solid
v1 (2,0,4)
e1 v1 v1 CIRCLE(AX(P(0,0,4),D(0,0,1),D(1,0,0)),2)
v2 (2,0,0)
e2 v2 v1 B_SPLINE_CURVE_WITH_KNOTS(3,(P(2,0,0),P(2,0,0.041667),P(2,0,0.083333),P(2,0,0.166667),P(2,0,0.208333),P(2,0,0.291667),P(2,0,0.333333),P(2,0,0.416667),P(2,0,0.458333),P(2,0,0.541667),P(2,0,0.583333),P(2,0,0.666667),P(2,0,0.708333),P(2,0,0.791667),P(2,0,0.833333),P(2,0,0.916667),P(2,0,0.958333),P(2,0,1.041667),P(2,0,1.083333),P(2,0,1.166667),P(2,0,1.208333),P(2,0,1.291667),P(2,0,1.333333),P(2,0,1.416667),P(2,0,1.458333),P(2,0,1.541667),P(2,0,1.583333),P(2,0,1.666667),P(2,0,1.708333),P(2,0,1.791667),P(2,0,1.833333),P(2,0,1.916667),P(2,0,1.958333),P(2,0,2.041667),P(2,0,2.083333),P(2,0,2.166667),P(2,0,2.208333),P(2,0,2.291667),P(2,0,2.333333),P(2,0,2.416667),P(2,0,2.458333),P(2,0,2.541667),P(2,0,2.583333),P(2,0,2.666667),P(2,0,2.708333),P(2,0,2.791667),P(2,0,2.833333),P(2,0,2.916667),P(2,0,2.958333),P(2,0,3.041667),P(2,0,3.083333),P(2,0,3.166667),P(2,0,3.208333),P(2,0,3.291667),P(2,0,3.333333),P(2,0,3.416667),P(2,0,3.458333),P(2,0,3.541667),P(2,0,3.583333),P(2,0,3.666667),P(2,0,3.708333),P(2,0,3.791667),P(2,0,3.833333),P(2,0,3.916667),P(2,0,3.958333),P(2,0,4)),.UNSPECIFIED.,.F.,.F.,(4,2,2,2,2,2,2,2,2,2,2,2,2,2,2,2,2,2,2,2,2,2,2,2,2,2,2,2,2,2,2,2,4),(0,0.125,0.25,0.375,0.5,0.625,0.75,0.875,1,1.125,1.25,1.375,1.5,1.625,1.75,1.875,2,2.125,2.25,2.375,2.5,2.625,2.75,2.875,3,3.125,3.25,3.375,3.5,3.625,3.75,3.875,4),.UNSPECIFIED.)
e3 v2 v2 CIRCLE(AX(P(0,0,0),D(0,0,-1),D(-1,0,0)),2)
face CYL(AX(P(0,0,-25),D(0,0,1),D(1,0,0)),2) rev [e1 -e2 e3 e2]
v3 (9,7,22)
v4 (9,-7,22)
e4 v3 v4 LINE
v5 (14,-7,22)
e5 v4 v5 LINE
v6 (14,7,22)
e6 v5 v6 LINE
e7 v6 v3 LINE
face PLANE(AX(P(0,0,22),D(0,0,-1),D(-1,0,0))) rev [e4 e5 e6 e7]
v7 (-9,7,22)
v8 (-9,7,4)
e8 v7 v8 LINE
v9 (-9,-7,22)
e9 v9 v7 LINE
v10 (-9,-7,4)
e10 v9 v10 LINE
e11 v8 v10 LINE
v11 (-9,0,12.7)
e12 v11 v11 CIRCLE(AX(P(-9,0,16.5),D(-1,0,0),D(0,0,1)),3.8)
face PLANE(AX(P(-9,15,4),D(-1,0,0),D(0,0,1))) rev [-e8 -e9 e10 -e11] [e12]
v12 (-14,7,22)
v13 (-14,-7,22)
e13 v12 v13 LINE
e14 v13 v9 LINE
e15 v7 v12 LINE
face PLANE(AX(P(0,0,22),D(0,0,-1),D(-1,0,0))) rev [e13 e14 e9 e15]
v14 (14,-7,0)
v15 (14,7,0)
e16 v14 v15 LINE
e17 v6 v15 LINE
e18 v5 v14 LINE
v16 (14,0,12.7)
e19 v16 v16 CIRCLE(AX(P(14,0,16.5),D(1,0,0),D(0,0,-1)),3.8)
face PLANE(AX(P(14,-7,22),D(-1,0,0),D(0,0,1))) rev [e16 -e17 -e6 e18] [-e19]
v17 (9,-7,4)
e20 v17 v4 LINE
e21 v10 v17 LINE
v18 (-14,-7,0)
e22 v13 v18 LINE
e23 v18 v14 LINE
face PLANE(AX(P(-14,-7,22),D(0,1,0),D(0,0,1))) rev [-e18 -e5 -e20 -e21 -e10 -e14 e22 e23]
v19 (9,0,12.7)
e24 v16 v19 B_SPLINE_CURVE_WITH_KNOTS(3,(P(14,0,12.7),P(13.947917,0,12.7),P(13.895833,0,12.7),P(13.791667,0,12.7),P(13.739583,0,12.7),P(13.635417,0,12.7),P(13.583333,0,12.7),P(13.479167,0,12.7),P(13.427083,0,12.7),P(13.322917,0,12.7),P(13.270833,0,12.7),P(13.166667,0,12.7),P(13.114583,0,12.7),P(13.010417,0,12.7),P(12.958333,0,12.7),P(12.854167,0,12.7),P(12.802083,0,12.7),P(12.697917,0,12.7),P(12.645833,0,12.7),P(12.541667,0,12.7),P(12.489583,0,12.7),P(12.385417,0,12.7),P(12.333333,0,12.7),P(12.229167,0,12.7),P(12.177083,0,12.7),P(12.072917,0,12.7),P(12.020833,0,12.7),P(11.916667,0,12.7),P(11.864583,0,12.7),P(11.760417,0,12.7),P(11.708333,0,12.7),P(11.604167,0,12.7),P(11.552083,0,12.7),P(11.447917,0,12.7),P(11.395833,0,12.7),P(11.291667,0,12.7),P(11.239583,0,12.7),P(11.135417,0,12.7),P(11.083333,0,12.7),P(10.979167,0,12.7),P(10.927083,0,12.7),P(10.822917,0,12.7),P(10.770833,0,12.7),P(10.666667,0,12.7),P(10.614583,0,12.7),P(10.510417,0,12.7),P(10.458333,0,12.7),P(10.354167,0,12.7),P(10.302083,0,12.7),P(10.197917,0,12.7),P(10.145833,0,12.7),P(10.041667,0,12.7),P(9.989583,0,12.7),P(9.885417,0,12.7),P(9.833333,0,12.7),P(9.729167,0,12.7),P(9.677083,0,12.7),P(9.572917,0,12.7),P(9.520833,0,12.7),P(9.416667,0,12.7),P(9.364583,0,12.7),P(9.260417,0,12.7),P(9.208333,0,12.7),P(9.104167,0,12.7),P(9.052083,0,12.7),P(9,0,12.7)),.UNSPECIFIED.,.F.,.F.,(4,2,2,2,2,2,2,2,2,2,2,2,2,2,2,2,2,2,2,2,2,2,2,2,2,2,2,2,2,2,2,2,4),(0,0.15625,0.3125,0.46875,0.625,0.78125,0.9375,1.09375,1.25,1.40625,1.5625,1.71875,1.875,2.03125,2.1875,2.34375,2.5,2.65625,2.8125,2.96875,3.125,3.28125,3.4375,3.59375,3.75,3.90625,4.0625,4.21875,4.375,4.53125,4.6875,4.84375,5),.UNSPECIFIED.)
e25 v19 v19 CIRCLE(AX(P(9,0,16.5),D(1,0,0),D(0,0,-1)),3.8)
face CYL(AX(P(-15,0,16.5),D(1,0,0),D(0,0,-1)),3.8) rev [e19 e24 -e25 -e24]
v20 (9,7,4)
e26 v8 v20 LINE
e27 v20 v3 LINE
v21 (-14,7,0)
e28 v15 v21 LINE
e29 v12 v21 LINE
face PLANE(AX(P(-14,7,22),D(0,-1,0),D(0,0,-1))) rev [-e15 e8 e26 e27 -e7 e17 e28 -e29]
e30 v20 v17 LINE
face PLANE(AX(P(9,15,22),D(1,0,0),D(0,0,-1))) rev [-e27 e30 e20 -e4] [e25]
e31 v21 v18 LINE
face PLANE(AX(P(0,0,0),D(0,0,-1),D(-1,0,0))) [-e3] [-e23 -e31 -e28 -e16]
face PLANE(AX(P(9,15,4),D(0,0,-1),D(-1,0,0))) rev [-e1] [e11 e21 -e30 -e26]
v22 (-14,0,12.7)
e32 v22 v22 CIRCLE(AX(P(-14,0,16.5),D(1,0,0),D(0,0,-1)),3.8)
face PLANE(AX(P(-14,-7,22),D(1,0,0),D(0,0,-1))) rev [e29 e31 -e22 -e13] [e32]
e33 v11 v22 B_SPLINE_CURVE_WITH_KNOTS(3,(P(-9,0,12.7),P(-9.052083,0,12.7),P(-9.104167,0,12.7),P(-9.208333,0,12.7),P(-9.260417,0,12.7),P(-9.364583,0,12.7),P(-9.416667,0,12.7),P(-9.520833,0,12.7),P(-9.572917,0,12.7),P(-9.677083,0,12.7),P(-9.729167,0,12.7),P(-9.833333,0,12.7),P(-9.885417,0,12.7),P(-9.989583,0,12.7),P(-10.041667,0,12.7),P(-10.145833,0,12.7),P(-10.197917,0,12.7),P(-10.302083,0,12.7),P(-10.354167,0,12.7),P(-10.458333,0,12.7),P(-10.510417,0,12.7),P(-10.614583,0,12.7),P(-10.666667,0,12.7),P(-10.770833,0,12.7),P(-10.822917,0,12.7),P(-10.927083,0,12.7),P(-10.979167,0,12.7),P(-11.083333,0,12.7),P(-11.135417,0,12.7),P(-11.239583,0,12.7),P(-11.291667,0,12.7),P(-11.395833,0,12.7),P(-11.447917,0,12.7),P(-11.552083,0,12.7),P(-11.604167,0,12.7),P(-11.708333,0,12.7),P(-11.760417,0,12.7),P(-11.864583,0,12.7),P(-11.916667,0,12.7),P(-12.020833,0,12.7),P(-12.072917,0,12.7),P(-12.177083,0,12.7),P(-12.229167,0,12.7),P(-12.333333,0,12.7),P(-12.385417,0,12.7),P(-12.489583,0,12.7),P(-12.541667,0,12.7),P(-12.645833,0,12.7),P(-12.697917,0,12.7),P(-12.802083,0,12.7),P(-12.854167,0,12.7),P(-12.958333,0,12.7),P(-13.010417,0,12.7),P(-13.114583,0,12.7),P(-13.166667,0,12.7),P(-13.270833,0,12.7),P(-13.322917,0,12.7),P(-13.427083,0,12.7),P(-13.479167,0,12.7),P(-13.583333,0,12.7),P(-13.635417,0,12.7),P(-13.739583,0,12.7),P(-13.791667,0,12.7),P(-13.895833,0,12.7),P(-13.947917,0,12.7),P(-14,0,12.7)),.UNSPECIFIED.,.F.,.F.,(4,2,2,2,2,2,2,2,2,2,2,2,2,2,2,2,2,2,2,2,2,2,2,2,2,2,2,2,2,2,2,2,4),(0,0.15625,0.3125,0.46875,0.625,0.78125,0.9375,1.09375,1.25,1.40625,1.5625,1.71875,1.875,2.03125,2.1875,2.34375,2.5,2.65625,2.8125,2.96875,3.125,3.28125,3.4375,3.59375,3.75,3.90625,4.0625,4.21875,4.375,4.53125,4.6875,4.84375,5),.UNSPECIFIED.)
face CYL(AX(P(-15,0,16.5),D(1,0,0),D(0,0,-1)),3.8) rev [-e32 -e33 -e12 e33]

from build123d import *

# Parameters (mm, degrees)
SKETCH_1_W          = 28
SKETCH_1_H          = 14
EXTRUDE_1_DEPTH     = 22
SKETCH_2_W          = 18
SKETCH_2_H          = 18
CUT_EXTRUDE_1_DEPTH = 22
SKETCH_3_R          = 3.8
CUT_EXTRUDE_2_DEPTH = 29
SKETCH_4_R          = 2
CUT_EXTRUDE_3_DEPTH = 29


with BuildPart() as part:
    # Эскиз1 → Бобышка-Вытянуть1 (new body)
    with BuildSketch(Plane.XY):
        Rectangle(SKETCH_1_W, SKETCH_1_H)
    extrude(amount=EXTRUDE_1_DEPTH)

    # Эскиз2 → Вырез-Вытянуть1 (cut)
    with BuildSketch(Plane.XZ.offset(7)):
        with Locations((0, 13)):
            Rectangle(SKETCH_2_W, SKETCH_2_H)
    extrude(amount=-CUT_EXTRUDE_1_DEPTH, mode=Mode.SUBTRACT)

    # Эскиз3 → Вырез-Вытянуть2 (cut)
    with BuildSketch(Plane(origin=(14, 0, 0), x_dir=(0, 0, -1), z_dir=(1, 0, 0))):
        with Locations((-16.5, 0)):
            Circle(SKETCH_3_R)
    extrude(amount=-CUT_EXTRUDE_2_DEPTH, mode=Mode.SUBTRACT)

    # Эскиз4 → Вырез-Вытянуть3 (cut)
    with BuildSketch(Plane.XY.offset(4)):
        Circle(SKETCH_4_R)
    extrude(amount=-CUT_EXTRUDE_3_DEPTH, mode=Mode.SUBTRACT)


solid = part.part
